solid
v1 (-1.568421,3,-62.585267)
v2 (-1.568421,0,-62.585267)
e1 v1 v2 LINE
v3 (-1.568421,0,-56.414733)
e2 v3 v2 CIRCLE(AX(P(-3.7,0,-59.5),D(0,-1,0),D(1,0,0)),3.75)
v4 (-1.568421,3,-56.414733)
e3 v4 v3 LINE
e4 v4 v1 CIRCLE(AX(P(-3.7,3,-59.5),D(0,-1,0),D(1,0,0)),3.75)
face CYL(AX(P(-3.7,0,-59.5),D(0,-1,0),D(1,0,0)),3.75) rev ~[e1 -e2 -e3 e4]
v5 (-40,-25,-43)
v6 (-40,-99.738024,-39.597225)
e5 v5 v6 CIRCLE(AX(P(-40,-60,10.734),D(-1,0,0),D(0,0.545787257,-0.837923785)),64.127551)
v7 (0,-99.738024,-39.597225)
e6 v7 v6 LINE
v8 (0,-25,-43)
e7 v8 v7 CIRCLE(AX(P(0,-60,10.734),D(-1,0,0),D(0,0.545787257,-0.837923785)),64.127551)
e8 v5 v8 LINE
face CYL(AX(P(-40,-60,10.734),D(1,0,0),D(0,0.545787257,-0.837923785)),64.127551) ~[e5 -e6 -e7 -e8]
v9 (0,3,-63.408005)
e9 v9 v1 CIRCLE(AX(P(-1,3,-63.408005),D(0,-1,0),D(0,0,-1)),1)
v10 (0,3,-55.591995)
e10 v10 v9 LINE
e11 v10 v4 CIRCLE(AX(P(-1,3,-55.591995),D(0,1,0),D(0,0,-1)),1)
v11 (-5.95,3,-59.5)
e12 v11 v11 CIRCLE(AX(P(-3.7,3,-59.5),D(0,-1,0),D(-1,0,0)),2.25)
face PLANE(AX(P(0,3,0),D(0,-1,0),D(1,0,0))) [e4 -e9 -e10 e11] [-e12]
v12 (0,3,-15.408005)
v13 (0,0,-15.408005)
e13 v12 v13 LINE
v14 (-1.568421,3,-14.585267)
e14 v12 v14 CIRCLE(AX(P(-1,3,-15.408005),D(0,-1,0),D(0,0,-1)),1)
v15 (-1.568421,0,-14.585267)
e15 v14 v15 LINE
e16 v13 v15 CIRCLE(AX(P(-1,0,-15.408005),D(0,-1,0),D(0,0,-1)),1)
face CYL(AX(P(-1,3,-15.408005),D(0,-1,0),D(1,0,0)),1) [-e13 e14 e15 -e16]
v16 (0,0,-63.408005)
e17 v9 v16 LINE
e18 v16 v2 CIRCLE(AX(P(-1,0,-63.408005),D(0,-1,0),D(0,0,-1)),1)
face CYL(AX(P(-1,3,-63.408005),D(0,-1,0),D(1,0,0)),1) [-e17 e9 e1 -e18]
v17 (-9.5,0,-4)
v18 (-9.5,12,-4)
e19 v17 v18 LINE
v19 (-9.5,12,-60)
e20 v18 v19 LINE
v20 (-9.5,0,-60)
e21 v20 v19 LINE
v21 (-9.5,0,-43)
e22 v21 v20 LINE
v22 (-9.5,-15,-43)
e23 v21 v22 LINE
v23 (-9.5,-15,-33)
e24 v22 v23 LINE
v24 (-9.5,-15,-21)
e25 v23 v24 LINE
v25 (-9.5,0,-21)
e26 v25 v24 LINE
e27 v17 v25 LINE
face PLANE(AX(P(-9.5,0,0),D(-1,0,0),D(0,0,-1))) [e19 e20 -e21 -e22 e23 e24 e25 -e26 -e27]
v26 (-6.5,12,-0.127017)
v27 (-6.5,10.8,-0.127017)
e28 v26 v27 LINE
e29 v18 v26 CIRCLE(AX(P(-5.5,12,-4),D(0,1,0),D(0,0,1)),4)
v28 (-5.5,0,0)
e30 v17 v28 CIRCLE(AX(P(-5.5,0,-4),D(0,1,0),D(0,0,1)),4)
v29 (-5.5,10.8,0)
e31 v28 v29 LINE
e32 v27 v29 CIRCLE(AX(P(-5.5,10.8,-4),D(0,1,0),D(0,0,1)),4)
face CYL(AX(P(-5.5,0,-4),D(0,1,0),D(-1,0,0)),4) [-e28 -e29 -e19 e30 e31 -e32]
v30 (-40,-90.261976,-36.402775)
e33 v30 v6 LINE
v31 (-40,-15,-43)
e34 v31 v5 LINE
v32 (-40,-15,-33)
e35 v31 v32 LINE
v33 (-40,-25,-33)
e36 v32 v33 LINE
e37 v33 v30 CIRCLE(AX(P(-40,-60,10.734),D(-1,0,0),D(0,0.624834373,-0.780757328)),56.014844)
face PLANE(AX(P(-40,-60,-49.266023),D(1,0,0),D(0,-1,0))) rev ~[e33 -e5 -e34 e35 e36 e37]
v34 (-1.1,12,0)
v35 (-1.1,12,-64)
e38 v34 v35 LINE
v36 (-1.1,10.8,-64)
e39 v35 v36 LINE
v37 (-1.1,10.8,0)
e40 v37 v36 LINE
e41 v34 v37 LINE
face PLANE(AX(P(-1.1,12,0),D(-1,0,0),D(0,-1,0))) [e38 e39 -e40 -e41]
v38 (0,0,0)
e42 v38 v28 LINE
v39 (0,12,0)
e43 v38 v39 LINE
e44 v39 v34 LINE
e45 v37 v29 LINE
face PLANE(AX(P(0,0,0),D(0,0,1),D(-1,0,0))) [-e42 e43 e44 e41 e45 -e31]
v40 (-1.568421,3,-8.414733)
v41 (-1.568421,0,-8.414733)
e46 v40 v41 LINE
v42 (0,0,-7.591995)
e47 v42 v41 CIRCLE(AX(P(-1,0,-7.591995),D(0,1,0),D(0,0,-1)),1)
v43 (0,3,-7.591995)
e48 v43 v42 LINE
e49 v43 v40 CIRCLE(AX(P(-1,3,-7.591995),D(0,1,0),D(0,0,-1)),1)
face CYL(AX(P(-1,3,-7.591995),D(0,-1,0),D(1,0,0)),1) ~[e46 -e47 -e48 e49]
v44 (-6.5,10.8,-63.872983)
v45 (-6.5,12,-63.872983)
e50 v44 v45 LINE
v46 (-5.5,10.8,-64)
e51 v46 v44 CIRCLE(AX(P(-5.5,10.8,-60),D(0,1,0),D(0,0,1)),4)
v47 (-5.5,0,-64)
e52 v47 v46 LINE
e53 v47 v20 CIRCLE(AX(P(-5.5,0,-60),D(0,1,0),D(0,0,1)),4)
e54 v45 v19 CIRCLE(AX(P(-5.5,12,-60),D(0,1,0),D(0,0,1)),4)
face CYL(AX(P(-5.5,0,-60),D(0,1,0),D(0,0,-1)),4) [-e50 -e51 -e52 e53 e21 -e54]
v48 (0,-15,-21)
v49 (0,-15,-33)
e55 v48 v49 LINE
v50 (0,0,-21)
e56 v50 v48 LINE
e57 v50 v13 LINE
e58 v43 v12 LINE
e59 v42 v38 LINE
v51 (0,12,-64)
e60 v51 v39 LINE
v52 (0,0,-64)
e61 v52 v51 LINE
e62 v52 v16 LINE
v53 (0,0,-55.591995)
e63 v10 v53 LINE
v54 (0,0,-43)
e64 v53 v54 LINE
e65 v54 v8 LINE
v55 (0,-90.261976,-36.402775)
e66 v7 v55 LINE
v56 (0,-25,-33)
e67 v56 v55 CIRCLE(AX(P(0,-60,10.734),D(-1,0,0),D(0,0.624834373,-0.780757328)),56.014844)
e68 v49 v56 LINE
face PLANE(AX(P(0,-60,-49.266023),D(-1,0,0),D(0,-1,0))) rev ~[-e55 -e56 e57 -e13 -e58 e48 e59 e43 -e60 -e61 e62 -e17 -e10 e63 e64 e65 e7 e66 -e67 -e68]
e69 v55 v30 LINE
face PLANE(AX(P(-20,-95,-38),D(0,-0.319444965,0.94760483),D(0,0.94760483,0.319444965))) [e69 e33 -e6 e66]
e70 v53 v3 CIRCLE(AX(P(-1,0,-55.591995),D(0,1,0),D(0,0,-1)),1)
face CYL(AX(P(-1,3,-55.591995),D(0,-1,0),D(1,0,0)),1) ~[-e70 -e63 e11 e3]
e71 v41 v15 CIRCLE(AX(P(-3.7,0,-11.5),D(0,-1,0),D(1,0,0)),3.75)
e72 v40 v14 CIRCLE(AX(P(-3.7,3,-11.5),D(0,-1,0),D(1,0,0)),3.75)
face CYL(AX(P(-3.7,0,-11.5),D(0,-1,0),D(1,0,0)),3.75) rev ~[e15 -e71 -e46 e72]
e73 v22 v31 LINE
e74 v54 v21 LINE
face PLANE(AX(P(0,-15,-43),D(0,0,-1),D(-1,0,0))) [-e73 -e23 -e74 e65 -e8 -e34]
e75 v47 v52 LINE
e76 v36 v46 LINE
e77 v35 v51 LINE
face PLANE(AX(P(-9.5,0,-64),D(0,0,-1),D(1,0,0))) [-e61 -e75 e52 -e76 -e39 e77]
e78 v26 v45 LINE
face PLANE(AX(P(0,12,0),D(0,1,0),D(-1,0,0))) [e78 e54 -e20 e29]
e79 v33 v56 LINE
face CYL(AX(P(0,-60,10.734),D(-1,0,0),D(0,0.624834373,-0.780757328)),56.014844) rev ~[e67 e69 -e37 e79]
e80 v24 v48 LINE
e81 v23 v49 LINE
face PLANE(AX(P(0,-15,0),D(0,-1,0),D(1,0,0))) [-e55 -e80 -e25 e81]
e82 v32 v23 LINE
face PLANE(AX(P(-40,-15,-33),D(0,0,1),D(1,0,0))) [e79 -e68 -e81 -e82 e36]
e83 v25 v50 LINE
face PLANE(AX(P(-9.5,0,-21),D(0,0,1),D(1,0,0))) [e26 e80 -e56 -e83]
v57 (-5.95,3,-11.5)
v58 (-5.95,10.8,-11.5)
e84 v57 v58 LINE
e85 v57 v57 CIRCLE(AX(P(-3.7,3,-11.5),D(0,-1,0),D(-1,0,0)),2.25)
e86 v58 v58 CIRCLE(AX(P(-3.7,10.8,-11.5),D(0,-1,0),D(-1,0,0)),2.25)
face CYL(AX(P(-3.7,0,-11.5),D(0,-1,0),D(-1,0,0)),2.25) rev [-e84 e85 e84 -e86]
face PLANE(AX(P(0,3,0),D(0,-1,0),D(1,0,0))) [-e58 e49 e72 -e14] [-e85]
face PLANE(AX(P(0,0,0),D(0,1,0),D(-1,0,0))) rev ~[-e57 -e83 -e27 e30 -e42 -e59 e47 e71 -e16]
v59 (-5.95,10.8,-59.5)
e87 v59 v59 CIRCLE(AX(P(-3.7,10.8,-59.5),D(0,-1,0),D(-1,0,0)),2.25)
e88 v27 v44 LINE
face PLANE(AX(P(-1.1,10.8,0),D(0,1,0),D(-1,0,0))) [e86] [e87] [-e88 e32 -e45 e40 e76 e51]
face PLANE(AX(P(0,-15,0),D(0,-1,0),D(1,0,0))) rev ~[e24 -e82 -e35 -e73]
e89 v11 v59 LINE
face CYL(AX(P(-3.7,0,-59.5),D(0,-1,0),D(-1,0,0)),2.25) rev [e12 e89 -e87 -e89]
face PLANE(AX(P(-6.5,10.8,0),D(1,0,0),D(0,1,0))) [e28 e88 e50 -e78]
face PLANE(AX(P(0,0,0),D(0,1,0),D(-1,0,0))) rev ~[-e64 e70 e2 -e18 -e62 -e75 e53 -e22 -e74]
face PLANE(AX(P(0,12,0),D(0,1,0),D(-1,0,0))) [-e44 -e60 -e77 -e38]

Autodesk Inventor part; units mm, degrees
ref_plane "YZ Plane" through (0, 0, 0) normal (1, 0, 0) x (0, 1, 0)
ref_plane "XZ Plane" through (0, 0, 0) normal (0, 1, 0) x (-1, 0, 0)
ref_plane "XY Plane" through (0, 0, 0) normal (0, 0, 1) x (1, 0, 0)
sketch "Sketch1" plane through (0, 0, 0) normal (0, 1, 0) x (-1, 0, 0)
  line L0 (0, 0) -> (9.5, 0)
  line L1 (9.5, 0) -> (9.5, -64)
  line L2 (9.5, -64) -> (0, -64)
  line L3 (0, -64) -> (0, 0)
  circle A0 centre (3.7, -11.5) radius 2.25
  circle A1 centre (3.7, -59.5) radius 2.25
  line L4 (3.7, -11.5) -> (3.7, -59.5) construction
  dimension "d1" = 9.5
  dimension "d2" = 64
  dimension "d3" = 4.5
  dimension "d4" = 48
  dimension "d6" = 3.7
  dimension "d17" = 4.5
extrude "Extrusion1" add sketch "Sketch1" along normal blind 12
sketch "Sketch2" plane through (-9.5, 0, 0) normal (0, 0, 1) x (1, 0, 0)
  line L0 (9.5, 12) -> (0, 12) projected
  line L1 (3, 12) -> (8.4, 12)
  line L2 (8.4, 12) -> (8.4, 10.8)
  line L3 (8.4, 10.8) -> (3, 10.8)
  line L4 (3, 10.8) -> (3, 12)
  line L5 (9.5, 0) -> (9.5, 12) projected
  line L6 (3.55, 0) -> (8.05, 0) projected
  line L7 (3.55, 12) -> (8.05, 12) projected
  line L8 (9.5, 0) -> (9.5, 12) projected
  line L9 (9.5, 0) -> (9.5, 12) projected
  line L10 (3.55, 12) -> (8.05, 12) projected
  line L11 (3.55, 12) -> (3.55, 0) projected
  line L12 (3.55, 12) -> (8.05, 12) projected
  line L13 (3.55, 0) -> (8.05, 0) projected
  line L14 (3.55, 12) -> (8.05, 12) projected
  line L15 (3.55, 0) -> (8.05, 0) projected
  line L16 (3.55, 12) -> (8.05, 12) projected
  line L17 (3.55, 0) -> (8.05, 0) projected
  dimension "d9" = 1.1
  dimension "d10" = 5.4
  dimension "d11" = 1.2
  dimension "d76" = 12
extrude "Extrusion2" cut sketch "Sketch2" against normal up to next
sketch "Sketch3" plane through (0, 0, 0) normal (0, -1, 0) x (1, 0, 0)
  circle A0 centre (-3.7, -11.5) radius 2.25 projected
  circle A1 centre (-3.7, -11.5) radius 3.75
  circle A2 centre (-3.7, -59.5) radius 2.25 projected
  circle A3 centre (-3.7, -59.5) radius 3.75
  point P0 (0, 0)
  dimension "d14" = 7.5
extrude "Extrusion3" cut sketch "Sketch3" against normal blind 3
fillet "Fillet1" radius 1 4 edges at (0, 1.5, -58.8897) (0, 1.5, -60.1103) (0, 1.5, -10.8897) (0, 1.5, -12.1103)
fillet "Fillet2" radius 4 2 edges at (-9.5, 6, -64) (-9.5, 6, 0)
sketch "Sketch15" plane through (0, 0, 0) normal (0, -1, 0) x (1, 0, 0)
  line L0 (0, 0) -> (0, -7.592) projected
  line L1 (-9.5, -32) -> (-9.5, -21)
  line L2 (-9.5, -21) -> (0, -21)
  line L3 (0, -21) -> (0, -43)
  line L4 (0, -43) -> (-9.5, -43)
  line L5 (-9.5, -43) -> (-9.5, -32)
  dimension "d79" = 11
  dimension "d80" = 22
extrude "Extrusion15" add sketch "Sketch15" along normal blind 15
sketch "Sketch16" plane through (0, -15, 0) normal (0, -1, 0) x (1, 0, 0)
  line L0 (0, -43) -> (-9.5, -43) projected
  line L1 (0, -43) -> (-40, -43)
  line L2 (-40, -43) -> (-40, -33)
  line L3 (-40, -33) -> (0, -33)
  line L4 (0, -33) -> (0, -43)
  point P0 (0, 0)
  dimension "d83" = 40
  dimension "d84" = 10
extrude "Extrusion16" add sketch "Sketch16" along normal blind 10
sketch "Sketch17" plane through (0, -25, 0) normal (0, -1, 0) x (1, 0, 0)
  line L0 (0, -33) -> (0, -21) projected
  line L1 (-40, -43) -> (-9.5, -43) projected
  line L2 (0, -33) -> (-40, -33)
  line L3 (-40, -33) -> (-40, -43)
  line L4 (-40, -43) -> (0, -43)
  line L5 (0, -43) -> (0, -33)
  point P0 (0, 0)
  point P1 (-9.5, -43)
sketch "Sketch18" plane through (-40, -15, -43) normal (-1, 0, 0) x (0, 0, 1)
  line L0 (0, -10) -> (10, -10) projected
  arc A0 (5, -10) -> (5, -80) centre (53.734, -45) ccw
  point P0 (43, 15)
  dimension "d87" = 70
  dimension "d88" = 60
sweep "Sweep1" add profiles "Sketch17" path "Sketch18" path curves A0
properties part number "Back"
